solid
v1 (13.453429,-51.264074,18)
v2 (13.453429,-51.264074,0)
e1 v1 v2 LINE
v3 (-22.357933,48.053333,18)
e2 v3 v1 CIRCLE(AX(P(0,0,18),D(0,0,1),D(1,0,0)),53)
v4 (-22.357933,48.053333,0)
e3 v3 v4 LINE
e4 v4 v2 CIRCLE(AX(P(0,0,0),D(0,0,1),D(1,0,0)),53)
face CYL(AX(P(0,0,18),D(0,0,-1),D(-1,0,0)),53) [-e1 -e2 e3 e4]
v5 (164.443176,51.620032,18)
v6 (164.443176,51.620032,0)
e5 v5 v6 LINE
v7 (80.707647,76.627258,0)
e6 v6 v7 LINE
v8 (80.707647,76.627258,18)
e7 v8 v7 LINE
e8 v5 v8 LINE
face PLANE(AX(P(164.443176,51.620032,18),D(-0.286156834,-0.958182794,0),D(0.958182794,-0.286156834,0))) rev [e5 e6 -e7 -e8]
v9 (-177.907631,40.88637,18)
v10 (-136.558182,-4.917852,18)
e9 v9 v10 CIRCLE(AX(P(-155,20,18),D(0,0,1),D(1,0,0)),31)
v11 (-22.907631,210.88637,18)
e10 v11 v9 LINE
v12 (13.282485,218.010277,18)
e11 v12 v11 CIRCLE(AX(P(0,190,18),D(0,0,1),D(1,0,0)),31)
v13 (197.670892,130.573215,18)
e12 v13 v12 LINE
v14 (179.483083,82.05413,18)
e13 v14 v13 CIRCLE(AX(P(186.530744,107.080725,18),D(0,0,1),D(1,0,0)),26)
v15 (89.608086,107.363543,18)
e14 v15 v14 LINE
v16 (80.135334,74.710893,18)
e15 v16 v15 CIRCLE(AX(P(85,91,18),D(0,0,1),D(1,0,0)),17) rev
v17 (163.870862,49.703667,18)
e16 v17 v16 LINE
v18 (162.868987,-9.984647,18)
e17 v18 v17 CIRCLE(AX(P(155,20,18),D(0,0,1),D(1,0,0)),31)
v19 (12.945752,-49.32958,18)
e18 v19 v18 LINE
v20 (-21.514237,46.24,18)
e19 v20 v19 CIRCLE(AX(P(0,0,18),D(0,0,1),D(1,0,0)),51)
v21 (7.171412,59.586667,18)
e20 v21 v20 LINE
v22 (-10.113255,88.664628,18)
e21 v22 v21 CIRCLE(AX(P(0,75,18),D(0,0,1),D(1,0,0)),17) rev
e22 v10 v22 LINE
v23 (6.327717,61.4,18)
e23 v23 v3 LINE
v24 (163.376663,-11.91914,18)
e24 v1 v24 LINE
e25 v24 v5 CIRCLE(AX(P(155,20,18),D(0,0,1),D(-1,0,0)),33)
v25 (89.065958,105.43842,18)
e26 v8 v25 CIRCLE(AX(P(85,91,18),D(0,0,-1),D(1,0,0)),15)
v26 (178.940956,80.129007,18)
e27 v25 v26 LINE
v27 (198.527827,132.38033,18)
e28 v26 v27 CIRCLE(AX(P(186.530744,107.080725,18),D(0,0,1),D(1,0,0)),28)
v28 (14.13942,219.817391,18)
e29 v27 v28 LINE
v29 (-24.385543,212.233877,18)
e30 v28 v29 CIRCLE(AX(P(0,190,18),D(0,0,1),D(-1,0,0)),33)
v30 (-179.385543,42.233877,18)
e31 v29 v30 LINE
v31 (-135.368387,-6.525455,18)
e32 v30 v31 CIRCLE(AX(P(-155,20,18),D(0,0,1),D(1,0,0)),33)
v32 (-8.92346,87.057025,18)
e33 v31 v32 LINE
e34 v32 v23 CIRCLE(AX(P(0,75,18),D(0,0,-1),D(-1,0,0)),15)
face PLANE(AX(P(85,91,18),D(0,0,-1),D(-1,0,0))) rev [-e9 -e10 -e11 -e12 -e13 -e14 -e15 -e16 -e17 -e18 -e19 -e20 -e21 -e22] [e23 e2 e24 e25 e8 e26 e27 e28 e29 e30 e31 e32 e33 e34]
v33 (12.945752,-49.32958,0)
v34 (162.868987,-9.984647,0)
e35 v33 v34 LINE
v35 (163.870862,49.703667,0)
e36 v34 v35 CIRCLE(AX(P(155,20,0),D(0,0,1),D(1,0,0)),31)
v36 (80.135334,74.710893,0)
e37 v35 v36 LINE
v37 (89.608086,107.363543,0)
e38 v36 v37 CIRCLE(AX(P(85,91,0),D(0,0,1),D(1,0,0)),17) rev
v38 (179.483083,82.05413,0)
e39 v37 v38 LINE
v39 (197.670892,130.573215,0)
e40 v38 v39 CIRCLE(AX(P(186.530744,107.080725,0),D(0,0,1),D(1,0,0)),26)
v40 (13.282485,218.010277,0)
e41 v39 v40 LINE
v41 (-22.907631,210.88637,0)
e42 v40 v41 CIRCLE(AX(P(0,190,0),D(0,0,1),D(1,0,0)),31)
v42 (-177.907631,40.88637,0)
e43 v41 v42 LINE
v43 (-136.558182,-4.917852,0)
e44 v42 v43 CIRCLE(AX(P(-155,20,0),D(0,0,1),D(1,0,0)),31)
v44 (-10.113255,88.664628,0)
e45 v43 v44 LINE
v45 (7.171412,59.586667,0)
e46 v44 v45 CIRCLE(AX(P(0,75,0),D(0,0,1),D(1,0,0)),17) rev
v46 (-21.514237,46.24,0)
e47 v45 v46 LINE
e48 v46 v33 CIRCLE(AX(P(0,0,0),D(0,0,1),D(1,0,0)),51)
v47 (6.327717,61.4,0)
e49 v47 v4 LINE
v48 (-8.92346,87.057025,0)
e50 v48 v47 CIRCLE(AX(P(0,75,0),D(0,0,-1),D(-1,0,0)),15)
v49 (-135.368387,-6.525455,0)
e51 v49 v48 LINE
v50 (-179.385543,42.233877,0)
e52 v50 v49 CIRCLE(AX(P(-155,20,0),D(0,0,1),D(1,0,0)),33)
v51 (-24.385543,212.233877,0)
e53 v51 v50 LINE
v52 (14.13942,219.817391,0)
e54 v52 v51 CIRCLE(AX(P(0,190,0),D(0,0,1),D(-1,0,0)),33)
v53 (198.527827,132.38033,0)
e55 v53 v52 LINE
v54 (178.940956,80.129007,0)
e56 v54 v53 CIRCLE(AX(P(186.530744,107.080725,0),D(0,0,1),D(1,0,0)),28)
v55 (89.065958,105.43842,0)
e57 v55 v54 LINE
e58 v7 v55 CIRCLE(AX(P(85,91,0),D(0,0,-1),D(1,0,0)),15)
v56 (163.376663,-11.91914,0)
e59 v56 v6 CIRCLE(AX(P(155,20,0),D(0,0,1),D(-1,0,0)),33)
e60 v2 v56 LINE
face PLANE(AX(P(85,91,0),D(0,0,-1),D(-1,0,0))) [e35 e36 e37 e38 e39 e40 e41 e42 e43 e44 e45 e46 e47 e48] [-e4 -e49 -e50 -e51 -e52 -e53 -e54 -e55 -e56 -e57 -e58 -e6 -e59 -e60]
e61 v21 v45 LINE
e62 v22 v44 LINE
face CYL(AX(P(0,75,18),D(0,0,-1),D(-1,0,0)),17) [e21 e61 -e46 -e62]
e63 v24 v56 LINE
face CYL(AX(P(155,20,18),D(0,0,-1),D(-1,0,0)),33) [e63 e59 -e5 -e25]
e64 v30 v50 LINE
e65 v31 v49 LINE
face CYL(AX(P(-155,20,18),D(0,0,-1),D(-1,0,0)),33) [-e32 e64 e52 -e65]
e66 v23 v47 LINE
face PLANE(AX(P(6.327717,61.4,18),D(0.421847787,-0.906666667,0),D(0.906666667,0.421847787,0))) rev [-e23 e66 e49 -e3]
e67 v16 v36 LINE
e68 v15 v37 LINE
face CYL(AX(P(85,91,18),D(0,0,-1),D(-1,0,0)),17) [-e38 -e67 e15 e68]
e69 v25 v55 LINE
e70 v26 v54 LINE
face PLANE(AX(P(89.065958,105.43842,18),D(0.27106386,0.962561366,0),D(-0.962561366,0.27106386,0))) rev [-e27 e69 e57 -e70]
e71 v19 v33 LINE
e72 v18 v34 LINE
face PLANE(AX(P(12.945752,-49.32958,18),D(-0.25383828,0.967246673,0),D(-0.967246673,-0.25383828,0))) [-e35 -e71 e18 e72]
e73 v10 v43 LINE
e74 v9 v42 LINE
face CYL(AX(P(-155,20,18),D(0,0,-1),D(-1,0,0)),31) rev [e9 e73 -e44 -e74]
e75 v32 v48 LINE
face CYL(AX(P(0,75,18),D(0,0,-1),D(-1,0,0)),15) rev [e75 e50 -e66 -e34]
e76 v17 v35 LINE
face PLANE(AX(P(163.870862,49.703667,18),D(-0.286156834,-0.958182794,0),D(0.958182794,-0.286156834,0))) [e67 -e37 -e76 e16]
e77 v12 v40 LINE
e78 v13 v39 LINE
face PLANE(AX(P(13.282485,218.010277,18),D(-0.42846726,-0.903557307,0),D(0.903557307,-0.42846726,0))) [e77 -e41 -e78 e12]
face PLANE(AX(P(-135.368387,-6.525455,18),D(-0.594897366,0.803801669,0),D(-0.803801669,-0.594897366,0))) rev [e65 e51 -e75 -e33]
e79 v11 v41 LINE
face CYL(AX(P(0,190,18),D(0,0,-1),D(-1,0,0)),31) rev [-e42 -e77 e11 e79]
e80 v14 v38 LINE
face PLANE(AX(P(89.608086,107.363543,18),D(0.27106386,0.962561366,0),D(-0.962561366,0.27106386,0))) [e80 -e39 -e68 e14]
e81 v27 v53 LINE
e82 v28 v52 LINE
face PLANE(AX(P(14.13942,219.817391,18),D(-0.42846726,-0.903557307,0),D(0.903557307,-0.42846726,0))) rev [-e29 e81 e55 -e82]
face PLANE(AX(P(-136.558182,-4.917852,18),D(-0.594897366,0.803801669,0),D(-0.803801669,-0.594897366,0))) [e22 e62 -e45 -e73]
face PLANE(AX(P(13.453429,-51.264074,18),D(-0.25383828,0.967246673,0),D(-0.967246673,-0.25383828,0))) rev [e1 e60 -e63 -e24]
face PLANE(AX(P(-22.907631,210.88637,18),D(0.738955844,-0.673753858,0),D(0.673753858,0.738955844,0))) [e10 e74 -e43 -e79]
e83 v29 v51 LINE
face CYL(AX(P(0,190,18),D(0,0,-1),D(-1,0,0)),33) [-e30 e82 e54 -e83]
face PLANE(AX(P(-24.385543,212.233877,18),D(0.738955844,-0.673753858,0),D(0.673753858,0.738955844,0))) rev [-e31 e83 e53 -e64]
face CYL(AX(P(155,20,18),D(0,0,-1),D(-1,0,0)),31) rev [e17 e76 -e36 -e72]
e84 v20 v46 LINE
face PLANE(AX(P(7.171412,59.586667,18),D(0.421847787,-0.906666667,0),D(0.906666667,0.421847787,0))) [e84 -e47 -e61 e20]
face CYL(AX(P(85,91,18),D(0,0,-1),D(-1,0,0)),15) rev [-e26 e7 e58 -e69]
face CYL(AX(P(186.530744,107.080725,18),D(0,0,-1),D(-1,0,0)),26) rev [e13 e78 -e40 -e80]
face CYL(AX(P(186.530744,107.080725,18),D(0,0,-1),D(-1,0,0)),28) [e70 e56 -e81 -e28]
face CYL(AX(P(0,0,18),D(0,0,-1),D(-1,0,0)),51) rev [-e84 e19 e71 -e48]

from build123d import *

# Parameters (mm, degrees)
EXTRUDE_THIN1_DEPTH = 18


with BuildPart() as part:
    # Sketch1 → Extrude-Thin1 (new body)
    with BuildSketch(Plane.XY):
        with BuildLine():
            Line((6.327716808, 61.4), (-22.357932721, 48.053333333))
            ThreePointArc((-22.357932721, 48.053333333), (-49.857891872, -17.97750311), (13.453428864, -51.264073695))
            Line((13.453428864, -51.264073695), (163.376663255, -11.919140225))
            ThreePointArc((163.376663255, -11.919140225), (187.995352271, 19.446169247), (164.443175515, 51.620032198))
            Line((164.443175515, 51.620032198), (80.707647493, 76.627258092))
            ThreePointArc((80.707647493, 76.627258092), (70.593974061, 95.179284225), (89.0659579, 105.438420494))
            Line((89.0659579, 105.438420494), (178.940955528, 80.129006849))
            ThreePointArc((178.940955528, 80.129006849), (212.749176963, 97.252513036), (198.527826902, 132.380329695))
            Line((198.527826902, 132.380329695), (14.139419596, 219.817391125))
            ThreePointArc((14.139419596, 219.817391125), (-6.373631689, 222.37864758), (-24.385542849, 212.233877304))
            Line((-24.385542849, 212.233877304), (-179.385542849, 42.233877304))
            ThreePointArc((-179.385542849, 42.233877304), (-179.495266598, -2.112935452), (-135.368386906, -6.525455083))
            Line((-135.368386906, -6.525455083), (-8.923460497, 87.057025038))
            ThreePointArc((-8.923460497, 87.057025038), (12.893998789, 82.664515329), (6.327716808, 61.4))
        make_face()
        with BuildLine():
            Line((7.171412382, 59.586666667), (-21.514237147, 46.24))
            ThreePointArc((-21.514237147, 46.24), (-47.97646199, -17.299106766), (12.945752303, -49.329580348))
            Line((12.945752303, -49.329580348), (162.868986694, -9.984646878))
            ThreePointArc((162.868986694, -9.984646878), (185.995633952, 19.479734747), (163.870861847, 49.70366661))
            Line((163.870861847, 49.70366661), (80.135333826, 74.710892504))
            ThreePointArc((80.135333826, 74.710892504), (68.673170602, 95.736522122), (89.60808562, 107.363543226))
            Line((89.60808562, 107.363543226), (179.483083248, 82.054129582))
            ThreePointArc((179.483083248, 82.054129582), (210.876431723, 97.954528184), (197.670892381, 130.573215081))
            Line((197.670892381, 130.573215081), (13.282485075, 218.010276511))
            ThreePointArc((13.282485075, 218.010276511), (-5.98735098, 220.416305302), (-22.907631161, 210.886369588))
            Line((-22.907631161, 210.886369588), (-177.907631161, 40.886369588))
            ThreePointArc((-177.907631161, 40.886369588), (-178.010704986, -0.772757545), (-136.558181639, -4.917851744))
            Line((-136.558181639, -4.917851744), (-10.11325523, 88.664628376))
            ThreePointArc((-10.11325523, 88.664628376), (14.613198627, 83.686450706), (7.171412382, 59.586666667))
        make_face(mode=Mode.SUBTRACT)
    extrude(amount=EXTRUDE_THIN1_DEPTH)


solid = part.part
